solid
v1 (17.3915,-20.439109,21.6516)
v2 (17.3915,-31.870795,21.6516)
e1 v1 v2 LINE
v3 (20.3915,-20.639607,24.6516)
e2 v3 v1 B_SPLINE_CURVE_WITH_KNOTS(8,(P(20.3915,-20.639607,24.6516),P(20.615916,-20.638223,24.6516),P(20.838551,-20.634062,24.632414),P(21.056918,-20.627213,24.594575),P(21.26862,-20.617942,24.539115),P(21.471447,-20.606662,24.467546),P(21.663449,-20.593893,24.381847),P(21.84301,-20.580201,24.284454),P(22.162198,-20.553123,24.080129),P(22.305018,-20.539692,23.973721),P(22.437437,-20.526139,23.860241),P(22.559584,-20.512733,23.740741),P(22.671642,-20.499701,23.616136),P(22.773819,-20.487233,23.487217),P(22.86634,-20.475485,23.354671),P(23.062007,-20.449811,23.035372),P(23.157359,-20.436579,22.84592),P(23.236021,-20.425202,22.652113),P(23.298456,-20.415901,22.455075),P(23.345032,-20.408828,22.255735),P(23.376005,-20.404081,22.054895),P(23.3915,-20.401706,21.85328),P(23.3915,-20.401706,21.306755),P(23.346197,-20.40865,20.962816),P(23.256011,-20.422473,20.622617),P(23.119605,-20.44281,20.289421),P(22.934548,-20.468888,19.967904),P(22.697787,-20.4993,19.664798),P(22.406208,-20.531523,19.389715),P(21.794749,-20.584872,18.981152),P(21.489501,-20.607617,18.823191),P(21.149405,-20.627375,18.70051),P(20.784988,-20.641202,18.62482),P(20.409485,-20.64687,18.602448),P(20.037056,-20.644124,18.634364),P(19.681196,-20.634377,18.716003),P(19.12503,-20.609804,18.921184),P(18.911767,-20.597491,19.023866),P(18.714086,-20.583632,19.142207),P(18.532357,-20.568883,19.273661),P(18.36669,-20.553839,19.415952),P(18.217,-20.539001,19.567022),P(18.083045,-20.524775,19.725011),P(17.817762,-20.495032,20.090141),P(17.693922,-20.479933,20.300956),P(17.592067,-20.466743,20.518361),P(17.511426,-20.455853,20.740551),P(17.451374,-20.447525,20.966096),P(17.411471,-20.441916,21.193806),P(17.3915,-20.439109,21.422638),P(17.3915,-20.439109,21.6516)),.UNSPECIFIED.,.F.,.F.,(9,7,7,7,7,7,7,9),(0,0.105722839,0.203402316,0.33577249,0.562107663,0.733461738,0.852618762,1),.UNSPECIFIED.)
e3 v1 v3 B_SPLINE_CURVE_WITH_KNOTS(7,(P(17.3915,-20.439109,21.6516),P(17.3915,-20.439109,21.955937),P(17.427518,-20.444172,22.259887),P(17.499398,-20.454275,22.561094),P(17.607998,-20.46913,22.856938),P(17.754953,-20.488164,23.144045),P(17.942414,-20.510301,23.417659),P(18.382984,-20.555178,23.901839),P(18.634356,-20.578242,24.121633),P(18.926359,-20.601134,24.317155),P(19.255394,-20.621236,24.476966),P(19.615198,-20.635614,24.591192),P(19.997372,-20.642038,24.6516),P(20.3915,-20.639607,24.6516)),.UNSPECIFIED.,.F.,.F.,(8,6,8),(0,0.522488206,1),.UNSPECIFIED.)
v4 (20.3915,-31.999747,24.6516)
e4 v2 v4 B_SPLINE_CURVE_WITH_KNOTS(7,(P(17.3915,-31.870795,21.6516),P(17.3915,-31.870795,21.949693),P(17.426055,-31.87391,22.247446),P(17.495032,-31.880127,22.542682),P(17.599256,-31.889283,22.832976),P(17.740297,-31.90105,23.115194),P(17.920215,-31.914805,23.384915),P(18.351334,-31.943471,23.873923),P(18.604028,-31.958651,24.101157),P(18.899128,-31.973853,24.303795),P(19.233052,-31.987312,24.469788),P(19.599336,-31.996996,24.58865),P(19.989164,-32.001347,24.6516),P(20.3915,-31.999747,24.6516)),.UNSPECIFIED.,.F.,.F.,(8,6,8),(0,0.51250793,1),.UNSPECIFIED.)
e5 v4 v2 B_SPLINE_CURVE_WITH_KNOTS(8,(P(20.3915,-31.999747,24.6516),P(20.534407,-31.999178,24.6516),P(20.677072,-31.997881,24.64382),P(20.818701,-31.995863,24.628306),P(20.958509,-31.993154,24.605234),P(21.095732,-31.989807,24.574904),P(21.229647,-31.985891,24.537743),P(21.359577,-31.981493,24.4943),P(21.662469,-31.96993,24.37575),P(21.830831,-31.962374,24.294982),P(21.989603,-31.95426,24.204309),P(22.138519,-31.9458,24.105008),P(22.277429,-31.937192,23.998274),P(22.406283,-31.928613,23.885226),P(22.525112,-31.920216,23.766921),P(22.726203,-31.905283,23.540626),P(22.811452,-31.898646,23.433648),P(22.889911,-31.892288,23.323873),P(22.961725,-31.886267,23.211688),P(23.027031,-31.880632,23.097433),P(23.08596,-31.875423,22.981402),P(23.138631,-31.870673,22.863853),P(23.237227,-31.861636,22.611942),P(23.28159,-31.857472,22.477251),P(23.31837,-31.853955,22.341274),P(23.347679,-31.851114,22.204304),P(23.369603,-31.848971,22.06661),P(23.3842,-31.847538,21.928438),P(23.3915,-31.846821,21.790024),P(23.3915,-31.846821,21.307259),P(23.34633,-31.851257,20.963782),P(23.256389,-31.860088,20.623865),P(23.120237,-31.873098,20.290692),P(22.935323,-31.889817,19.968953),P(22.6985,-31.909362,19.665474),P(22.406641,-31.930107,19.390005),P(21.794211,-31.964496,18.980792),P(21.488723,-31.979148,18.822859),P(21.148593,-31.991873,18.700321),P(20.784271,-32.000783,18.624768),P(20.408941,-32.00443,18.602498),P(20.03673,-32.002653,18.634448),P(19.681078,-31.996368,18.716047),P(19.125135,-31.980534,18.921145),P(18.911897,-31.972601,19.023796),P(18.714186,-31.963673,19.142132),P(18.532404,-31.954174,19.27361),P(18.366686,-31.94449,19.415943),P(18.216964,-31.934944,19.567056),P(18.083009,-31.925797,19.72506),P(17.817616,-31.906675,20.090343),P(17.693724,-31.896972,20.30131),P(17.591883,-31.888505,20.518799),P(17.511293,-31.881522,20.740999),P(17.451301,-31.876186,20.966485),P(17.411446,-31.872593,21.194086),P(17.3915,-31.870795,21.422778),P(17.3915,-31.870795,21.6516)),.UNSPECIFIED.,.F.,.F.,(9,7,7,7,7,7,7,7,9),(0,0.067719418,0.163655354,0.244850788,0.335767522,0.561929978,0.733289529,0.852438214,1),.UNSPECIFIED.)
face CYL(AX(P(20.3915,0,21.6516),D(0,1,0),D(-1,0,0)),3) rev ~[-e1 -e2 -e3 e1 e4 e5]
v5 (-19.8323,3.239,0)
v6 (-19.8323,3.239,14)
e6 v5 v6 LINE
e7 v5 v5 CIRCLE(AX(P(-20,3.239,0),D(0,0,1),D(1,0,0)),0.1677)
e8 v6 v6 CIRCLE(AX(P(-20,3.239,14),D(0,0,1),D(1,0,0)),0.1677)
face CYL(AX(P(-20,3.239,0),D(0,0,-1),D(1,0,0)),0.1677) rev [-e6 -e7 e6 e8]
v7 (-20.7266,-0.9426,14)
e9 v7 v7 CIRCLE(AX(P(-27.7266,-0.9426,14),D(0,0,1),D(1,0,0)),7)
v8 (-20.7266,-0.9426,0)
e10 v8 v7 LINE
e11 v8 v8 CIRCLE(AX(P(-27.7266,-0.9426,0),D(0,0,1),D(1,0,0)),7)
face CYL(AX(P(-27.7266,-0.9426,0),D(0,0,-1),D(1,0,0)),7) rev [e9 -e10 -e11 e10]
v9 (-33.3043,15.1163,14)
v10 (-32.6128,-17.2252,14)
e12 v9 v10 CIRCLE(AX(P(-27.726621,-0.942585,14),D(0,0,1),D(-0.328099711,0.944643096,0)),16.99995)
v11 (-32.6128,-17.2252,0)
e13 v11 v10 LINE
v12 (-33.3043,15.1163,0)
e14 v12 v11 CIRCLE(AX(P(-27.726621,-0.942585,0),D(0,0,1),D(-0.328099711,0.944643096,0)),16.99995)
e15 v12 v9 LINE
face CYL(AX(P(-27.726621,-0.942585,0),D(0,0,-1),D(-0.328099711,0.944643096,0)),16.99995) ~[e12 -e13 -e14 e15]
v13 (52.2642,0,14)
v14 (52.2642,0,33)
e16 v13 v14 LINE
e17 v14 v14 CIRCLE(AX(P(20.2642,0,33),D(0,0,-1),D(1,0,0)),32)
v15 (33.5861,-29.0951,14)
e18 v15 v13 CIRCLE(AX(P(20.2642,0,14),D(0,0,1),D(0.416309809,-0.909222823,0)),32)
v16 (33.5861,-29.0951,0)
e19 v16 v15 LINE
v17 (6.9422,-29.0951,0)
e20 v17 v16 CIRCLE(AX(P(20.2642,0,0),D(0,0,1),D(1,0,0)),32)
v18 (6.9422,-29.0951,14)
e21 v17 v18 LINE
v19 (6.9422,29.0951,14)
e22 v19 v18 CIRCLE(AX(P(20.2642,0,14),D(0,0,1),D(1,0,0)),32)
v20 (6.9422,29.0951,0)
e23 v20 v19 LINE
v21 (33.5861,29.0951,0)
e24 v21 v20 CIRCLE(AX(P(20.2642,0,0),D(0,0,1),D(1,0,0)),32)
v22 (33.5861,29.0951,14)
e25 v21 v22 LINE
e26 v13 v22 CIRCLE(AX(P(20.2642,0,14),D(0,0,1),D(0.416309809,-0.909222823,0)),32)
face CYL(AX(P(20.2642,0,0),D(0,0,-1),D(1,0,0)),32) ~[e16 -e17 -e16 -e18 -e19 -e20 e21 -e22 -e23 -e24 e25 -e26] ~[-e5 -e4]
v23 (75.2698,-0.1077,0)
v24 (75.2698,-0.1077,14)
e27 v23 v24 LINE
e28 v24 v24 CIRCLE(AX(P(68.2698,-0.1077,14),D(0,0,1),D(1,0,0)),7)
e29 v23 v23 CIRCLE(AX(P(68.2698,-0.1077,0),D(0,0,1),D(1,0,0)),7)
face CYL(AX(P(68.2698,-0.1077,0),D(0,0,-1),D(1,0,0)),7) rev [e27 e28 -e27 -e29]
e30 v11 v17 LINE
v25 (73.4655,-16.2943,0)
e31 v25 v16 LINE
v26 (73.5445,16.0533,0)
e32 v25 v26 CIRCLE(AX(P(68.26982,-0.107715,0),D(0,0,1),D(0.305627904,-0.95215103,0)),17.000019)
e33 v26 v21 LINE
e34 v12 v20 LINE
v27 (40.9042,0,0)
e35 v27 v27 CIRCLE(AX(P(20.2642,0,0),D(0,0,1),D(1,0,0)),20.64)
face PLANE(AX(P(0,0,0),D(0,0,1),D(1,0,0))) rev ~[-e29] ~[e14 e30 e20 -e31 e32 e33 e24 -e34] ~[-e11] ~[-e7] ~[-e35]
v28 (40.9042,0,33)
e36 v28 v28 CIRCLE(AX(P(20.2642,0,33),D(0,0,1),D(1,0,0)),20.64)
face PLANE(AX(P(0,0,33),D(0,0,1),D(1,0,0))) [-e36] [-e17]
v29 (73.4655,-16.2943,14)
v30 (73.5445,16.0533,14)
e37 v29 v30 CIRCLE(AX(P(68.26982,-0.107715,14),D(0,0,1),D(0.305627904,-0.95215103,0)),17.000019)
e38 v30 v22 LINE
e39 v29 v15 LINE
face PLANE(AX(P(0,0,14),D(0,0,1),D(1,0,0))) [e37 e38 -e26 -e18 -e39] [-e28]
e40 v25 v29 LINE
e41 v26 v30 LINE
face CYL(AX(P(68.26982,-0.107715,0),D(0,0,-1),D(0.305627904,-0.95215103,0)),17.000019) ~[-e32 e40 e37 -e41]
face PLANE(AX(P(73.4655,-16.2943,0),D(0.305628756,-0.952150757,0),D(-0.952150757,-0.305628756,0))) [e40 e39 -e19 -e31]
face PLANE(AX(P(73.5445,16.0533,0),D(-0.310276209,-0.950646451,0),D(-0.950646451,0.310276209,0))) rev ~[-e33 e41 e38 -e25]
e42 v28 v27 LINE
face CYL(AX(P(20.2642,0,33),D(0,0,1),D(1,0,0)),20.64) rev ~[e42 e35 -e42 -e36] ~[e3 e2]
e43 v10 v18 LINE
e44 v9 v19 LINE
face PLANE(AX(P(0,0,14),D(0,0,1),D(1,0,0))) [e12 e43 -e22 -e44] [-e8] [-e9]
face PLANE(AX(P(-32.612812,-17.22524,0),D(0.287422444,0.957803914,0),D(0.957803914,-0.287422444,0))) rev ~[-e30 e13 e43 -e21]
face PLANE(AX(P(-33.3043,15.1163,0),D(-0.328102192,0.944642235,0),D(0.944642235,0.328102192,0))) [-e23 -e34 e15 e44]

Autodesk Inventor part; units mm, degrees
ref_plane "YZ Plane" through (0, 0, 0) normal (1, 0, 0) x (0, 1, 0)
ref_plane "XZ Plane" through (0, 0, 0) normal (0, 1, 0) x (-1, 0, 0)
ref_plane "XY Plane" through (0, 0, 0) normal (0, 0, 1) x (1, 0, 0)
sketch "Boceto1" plane through (0, 0, 0) normal (0, 0, 1) x (1, 0, 0)
  circle A0 centre (-27.7266, -0.9426) radius 7
  circle A1 centre (-20, 3.239) radius 0.1677
  circle A2 centre (68.2698, -0.1077) radius 7
  arc A3 (73.4655, -16.2943) -> (73.5445, 16.0533) centre (68.2698, -0.1077) ccw
  circle A4 centre (20.2642, 0) radius 32
  line L0 (-33.3043, 15.1163) -> (6.9422, 29.0951)
  line L1 (73.5445, 16.0533) -> (33.5861, 29.0951)
  line L2 (-33.0105, -17.1059) -> (6.9422, -29.0951)
  line L3 (73.4655, -16.2943) -> (33.5861, -29.0951)
  arc A5 (-33.3043, 15.1163) -> (-32.6128, -17.2252) centre (-27.7266, -0.9426) ccw
  point P0 (0, 0)
  dimension "d0" = 14
  dimension "d2" = 14
  dimension "d3" = 96
  dimension "d5" = 34
  dimension "d6" = 64
  dimension "d7" = 48
extrude "Extrusión1" add sketch "Boceto1" along normal blind 14 contours L3 A4 L1 A3 | L2 A5 L0 A4
extrude "Extrusión3" add sketch "Boceto1" along normal blind 33 contours A4
sketch "Boceto4" plane through (20.2642, 0, 33) normal (0, 0, 1) x (1, 0, 0)
  circle A0 centre (0, 0) radius 20.64
  point P0 (-20.2642, 0)
  dimension "d21" = 41.28
extrude "Extrusión4" cut sketch "Boceto4" against normal through all
sketch "Boceto5" plane through (0, 0, 0) normal (0, 1, 0) x (-1, 0, 0)
  line L0 (-40.9042, 33) -> (0.3758, 33) projected
  line L1 (0.3758, 0) -> (-40.9042, 0) projected
  line L2 (-40.9042, 33) -> (0.3758, 33) projected
  line L3 (0.3758, 0) -> (-40.9042, 0) projected
  line L4 (-40.9042, 33) -> (0.3758, 33) projected
  line L5 (0.3758, 0) -> (-40.9042, 0) projected
  line L6 (-40.9042, 33) -> (0.3758, 33) projected
  line L7 (-20.3915, 34.6516) -> (-20.3915, 21.6516)
  line L8 (11.7358, 33) -> (-52.2642, 33) projected
  line L9 (-20.3915, 34.6516) -> (-7.3915, 34.6516) construction
  circle A0 centre (-20.3915, 21.6516) radius 3
  point P0 (0, 0)
  point P1 (-20.2642, 0)
  dimension "d24" = 13
  dimension "d25" = 90
  dimension "d26" = 6
extrude "Extrusión5" cut sketch "Boceto5" against normal blind 33
properties part number "Chumacera"
